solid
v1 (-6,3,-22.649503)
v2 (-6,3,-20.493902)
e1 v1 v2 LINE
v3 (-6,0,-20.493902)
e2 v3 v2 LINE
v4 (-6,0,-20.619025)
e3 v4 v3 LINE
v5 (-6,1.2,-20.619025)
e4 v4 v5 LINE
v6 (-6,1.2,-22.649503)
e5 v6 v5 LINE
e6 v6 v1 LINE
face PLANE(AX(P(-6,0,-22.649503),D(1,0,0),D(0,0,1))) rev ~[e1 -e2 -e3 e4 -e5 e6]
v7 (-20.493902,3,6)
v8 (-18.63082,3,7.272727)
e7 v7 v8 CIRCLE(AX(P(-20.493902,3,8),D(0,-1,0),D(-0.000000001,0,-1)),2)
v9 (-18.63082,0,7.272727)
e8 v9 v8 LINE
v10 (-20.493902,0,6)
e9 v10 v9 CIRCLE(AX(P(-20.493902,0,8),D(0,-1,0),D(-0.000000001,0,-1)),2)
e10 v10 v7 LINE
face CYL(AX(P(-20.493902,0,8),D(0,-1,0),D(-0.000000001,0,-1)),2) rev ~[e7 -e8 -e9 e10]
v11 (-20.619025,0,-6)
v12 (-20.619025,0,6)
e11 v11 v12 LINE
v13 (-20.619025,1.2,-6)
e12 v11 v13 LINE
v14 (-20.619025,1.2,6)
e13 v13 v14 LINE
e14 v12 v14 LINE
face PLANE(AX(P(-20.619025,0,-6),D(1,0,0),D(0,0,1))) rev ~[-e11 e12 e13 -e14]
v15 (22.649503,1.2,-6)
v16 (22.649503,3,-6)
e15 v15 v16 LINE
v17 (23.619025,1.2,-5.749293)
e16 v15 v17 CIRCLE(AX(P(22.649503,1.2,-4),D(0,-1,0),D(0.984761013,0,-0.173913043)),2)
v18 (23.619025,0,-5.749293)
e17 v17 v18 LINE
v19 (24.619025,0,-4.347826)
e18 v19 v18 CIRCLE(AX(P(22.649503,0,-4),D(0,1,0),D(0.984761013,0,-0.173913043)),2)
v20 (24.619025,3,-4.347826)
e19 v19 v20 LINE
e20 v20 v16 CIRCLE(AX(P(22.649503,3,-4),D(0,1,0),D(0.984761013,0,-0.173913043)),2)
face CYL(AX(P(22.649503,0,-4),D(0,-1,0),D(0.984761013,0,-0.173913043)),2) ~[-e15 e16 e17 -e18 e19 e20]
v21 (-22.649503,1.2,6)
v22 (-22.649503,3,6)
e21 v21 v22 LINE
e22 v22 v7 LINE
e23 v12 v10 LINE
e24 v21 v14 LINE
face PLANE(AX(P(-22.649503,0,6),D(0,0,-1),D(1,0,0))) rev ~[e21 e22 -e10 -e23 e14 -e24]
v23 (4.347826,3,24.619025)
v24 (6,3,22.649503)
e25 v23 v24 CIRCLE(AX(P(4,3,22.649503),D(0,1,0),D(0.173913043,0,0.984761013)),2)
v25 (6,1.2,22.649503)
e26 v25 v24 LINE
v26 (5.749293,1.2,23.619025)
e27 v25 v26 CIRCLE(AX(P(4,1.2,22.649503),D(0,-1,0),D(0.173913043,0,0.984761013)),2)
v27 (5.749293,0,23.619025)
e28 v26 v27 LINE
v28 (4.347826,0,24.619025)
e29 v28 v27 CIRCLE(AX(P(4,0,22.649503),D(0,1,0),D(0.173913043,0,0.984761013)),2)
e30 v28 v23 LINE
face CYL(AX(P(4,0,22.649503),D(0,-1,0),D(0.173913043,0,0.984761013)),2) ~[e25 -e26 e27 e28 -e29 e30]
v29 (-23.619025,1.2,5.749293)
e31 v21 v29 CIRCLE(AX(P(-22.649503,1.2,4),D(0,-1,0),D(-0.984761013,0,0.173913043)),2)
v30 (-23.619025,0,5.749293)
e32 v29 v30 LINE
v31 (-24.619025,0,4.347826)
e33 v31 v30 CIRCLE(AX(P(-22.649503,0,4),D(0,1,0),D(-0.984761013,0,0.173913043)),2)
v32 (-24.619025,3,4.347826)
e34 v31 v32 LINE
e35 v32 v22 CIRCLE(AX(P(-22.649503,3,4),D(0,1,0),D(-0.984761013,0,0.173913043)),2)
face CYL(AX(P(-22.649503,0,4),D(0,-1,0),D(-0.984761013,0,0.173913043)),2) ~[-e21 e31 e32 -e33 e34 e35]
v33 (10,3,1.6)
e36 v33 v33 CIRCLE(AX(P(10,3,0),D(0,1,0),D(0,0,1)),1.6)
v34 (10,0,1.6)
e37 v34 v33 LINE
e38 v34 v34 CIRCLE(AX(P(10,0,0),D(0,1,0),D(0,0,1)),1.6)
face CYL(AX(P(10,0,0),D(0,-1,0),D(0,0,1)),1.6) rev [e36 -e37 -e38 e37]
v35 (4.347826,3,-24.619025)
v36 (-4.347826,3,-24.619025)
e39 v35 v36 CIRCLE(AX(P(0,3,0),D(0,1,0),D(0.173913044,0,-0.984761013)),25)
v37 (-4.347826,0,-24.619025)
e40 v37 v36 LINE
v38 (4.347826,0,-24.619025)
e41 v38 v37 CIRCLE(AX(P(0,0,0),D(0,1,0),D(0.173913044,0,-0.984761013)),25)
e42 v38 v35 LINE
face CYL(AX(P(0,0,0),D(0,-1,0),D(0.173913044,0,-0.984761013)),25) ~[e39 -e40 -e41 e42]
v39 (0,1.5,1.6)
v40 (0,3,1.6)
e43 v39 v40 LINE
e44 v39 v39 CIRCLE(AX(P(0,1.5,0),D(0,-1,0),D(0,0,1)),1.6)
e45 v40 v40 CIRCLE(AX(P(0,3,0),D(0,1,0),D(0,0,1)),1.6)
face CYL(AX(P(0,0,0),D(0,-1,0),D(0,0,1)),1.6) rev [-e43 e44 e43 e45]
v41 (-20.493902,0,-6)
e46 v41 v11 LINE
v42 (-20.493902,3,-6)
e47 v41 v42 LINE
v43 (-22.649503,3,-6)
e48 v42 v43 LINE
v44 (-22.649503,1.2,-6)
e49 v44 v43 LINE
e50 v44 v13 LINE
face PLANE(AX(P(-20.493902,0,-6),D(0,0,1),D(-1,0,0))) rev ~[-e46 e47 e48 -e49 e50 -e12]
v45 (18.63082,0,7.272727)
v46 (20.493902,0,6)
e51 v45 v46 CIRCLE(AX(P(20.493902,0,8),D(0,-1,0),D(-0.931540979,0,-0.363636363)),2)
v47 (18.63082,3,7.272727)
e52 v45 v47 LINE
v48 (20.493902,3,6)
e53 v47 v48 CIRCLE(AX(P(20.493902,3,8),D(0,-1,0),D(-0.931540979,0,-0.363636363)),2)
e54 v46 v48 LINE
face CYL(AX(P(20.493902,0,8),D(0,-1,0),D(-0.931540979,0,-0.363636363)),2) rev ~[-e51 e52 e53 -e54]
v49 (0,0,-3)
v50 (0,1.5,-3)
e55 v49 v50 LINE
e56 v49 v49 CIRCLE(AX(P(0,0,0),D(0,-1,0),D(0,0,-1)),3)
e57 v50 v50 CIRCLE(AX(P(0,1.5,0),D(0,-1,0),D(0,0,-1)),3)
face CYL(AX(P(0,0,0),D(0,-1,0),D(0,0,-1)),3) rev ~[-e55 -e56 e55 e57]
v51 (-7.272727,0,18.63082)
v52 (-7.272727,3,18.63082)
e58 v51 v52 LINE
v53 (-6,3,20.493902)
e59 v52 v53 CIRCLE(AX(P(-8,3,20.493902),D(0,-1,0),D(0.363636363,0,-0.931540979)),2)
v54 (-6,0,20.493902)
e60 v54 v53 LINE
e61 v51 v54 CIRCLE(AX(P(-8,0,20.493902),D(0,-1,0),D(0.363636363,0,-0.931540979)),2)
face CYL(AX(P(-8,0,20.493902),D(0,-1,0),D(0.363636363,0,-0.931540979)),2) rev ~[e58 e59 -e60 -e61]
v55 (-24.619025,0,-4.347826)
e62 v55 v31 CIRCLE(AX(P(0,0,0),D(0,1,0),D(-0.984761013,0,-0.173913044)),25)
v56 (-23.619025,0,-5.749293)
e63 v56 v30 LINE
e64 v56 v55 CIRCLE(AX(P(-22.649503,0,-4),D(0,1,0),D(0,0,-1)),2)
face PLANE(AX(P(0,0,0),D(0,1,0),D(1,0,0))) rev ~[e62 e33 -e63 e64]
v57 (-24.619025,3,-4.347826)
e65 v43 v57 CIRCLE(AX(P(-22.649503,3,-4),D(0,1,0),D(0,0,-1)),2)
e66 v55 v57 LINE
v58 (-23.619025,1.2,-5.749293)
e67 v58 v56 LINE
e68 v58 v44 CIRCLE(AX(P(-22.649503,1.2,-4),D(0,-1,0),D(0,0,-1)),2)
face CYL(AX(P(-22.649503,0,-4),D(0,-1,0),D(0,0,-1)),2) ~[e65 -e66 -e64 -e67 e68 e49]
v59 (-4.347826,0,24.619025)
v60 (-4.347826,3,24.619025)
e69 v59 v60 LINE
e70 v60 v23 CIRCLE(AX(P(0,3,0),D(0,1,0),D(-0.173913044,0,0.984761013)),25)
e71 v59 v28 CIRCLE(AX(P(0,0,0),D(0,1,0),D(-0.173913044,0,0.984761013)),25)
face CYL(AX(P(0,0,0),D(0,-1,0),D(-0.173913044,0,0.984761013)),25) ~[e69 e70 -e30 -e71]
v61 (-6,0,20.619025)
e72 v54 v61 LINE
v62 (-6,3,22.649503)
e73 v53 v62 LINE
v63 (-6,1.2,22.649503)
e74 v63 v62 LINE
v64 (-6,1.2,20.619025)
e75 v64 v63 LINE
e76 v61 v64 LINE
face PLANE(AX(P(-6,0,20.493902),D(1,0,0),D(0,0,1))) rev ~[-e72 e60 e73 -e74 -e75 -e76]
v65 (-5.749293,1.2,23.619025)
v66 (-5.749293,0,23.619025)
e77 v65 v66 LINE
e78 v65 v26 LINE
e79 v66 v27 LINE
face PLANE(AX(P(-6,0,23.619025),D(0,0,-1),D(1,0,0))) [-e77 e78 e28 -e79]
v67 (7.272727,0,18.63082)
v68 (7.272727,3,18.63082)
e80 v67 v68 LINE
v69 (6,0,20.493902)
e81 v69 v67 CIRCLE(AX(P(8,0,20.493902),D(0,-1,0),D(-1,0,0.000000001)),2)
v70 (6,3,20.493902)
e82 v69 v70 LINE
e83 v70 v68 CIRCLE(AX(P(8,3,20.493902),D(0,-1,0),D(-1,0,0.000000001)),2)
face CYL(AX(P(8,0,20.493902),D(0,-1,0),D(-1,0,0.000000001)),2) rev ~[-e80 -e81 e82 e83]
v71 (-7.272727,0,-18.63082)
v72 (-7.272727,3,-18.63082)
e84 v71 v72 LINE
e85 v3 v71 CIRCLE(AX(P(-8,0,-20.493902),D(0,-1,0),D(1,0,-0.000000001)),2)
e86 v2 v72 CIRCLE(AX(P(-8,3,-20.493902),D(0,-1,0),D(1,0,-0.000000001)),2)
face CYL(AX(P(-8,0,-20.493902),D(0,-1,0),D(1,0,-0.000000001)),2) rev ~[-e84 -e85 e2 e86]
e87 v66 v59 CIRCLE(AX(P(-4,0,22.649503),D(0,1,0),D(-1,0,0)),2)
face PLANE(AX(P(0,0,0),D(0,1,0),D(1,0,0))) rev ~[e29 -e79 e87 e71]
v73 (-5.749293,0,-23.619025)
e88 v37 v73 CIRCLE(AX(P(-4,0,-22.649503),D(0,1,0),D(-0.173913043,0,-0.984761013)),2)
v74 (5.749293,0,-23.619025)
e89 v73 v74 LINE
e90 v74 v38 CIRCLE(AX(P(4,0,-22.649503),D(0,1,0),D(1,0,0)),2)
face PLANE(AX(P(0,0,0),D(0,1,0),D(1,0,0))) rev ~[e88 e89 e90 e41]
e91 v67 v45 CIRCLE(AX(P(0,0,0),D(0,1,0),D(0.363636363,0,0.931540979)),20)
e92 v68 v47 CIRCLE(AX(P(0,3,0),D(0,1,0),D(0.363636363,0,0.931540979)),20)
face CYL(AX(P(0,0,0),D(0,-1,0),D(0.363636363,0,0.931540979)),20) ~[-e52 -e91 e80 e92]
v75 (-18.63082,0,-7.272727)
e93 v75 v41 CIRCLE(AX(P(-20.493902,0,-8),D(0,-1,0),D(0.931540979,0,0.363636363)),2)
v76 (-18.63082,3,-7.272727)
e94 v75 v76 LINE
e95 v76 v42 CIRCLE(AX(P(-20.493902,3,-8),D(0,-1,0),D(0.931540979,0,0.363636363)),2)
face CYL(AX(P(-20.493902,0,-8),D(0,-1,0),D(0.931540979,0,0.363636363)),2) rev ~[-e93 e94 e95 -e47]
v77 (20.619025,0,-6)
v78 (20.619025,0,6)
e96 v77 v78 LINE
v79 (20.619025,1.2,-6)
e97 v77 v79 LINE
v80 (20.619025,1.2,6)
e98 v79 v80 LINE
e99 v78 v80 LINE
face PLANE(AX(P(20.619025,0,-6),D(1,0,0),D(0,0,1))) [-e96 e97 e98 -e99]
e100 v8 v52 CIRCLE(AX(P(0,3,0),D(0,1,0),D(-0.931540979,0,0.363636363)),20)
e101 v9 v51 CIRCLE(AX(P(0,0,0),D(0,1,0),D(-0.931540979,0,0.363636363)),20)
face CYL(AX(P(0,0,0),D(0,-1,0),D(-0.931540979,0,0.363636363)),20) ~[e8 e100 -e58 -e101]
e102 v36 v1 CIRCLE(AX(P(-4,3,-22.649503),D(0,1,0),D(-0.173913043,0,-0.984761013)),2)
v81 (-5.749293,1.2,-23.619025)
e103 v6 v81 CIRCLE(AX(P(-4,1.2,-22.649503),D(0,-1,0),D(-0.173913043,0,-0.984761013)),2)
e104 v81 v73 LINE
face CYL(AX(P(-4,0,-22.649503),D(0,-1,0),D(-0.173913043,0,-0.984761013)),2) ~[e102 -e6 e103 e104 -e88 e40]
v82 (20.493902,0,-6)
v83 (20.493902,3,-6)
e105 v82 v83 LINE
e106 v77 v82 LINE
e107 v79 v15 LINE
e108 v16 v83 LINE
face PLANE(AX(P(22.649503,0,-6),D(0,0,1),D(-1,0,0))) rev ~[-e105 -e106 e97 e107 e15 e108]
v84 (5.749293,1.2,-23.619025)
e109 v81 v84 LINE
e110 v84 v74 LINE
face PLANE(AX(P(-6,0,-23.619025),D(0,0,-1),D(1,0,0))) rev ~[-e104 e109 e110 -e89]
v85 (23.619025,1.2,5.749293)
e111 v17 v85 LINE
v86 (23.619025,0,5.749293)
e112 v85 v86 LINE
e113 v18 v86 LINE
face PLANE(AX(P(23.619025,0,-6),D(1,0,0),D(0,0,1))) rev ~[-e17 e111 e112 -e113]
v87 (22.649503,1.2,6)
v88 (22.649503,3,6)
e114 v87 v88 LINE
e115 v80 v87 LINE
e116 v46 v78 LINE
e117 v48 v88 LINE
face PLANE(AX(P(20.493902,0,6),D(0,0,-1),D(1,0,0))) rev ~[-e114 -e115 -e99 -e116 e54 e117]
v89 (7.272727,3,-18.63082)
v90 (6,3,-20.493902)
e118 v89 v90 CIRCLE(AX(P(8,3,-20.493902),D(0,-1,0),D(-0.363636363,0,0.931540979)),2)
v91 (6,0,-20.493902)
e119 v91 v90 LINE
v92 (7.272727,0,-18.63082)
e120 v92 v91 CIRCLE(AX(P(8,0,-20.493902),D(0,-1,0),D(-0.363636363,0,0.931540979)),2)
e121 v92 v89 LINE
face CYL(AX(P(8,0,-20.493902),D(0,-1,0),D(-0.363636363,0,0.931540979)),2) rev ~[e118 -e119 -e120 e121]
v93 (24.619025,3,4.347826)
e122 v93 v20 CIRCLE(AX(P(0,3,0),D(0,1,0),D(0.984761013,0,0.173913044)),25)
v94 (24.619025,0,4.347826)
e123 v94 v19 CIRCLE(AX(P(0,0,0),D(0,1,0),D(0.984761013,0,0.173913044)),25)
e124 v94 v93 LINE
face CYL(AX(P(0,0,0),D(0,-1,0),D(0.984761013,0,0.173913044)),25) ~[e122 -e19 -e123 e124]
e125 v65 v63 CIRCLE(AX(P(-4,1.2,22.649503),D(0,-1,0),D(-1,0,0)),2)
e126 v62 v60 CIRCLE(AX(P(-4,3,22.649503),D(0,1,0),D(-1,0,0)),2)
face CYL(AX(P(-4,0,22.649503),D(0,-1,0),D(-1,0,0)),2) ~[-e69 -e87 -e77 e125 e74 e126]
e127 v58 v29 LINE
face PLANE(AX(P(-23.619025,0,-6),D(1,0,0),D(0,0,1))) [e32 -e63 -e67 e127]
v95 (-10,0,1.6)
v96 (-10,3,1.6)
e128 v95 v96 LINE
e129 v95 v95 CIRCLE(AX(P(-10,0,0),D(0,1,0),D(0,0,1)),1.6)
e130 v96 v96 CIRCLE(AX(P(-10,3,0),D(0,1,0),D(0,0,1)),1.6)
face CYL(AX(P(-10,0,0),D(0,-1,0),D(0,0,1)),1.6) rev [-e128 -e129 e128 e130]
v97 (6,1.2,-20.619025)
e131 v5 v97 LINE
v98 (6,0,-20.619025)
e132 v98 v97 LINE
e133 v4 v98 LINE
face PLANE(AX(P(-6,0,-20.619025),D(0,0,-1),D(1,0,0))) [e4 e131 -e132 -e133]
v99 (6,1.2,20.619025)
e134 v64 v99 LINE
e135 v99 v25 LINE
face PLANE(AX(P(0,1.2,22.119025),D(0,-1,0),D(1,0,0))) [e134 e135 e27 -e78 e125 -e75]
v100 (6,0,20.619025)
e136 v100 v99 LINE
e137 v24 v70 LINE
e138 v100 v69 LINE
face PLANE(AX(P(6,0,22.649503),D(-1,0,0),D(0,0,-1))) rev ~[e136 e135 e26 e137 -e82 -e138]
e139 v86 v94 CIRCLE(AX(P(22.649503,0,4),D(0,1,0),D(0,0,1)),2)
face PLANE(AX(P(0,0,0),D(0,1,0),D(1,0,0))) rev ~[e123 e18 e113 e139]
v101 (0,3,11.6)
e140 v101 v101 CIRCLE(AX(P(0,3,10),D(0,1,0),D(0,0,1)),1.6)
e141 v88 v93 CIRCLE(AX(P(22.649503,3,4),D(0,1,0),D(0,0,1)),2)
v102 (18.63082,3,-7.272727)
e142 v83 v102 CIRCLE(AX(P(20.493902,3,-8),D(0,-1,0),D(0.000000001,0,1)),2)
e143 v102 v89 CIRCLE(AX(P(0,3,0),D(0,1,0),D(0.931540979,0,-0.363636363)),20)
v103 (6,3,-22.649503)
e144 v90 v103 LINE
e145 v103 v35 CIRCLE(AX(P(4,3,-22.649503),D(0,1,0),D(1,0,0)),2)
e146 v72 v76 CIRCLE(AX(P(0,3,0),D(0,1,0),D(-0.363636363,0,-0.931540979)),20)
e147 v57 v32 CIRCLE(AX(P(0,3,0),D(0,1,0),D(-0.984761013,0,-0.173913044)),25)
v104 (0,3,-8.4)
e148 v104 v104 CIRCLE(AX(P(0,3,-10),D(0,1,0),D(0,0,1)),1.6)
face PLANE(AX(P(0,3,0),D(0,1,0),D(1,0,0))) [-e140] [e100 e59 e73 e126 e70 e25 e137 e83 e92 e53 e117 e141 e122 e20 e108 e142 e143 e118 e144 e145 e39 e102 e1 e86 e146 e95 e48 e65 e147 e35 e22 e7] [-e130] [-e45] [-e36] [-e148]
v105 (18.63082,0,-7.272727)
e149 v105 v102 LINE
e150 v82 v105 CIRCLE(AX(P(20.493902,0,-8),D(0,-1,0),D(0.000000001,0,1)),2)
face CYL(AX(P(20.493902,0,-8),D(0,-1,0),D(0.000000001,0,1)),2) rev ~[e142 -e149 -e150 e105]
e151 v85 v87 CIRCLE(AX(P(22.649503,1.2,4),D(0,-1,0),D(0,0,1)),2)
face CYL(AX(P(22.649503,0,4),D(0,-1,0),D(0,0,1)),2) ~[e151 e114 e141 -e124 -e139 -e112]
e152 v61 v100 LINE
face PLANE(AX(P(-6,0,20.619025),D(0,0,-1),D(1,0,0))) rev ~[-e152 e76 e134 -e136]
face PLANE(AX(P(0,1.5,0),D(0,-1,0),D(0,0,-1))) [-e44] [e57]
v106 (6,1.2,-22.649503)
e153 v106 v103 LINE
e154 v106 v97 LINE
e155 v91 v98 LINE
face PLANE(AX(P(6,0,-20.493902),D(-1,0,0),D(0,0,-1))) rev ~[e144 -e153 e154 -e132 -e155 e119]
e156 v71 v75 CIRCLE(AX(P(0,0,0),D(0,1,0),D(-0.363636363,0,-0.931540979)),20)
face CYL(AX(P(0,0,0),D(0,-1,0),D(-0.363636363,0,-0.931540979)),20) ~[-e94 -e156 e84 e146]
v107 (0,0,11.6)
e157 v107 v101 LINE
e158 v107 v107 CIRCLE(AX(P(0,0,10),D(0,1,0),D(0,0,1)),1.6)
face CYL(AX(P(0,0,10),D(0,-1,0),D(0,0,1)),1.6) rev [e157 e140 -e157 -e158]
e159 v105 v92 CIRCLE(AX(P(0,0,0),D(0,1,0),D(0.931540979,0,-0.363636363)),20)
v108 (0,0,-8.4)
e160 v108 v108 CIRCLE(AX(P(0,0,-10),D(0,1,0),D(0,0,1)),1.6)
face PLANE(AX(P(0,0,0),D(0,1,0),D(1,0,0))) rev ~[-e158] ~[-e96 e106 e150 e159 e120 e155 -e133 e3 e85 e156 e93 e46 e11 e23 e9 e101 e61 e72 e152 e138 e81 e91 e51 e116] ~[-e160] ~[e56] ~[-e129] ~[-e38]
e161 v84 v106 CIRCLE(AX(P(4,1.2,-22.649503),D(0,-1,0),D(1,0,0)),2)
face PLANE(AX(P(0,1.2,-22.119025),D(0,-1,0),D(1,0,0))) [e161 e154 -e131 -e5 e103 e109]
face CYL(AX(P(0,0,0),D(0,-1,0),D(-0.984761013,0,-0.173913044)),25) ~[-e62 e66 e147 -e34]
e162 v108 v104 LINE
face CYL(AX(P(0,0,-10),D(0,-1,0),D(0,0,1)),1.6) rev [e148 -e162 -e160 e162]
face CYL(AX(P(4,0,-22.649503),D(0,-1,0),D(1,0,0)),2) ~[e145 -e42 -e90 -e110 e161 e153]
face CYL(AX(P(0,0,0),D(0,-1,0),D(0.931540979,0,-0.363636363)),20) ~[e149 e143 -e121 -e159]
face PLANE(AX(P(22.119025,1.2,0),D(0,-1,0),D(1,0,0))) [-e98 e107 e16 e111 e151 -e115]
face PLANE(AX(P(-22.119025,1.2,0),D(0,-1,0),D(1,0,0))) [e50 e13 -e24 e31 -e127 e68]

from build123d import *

# Parameters (mm, degrees)
SKIZZE1_R                       = 19
SKIZZE1_R_2                     = 1.6
AUFSATZ_LINEAR_AUSTRAGEN1_DEPTH = 3
SKIZZE6_R                       = 3
SCHNITT_LINEAR_AUSTRAGEN2_DEPTH = 1.5
SKIZZE7_W                       = 3
SKIZZE7_H                       = 12
SKIZZE7_W_2                     = 12
SKIZZE7_H_2                     = 3
SCHNITT_LINEAR_AUSTRAGEN3_DEPTH = 1.2


with BuildPart() as part:
    # Skizze1 → Aufsatz-Linear austragen1 (new body)
    with BuildSketch(Plane(origin=(0, 0, 0), x_dir=(1, 0, 0), z_dir=(0, 1, 0))):
        with BuildLine():
            ThreePointArc((6, -20.493901532), (6.348554352, -19.365749382), (7.272727273, -18.630819574))
            ThreePointArc((7.272727273, -18.630819574), (14.142135624, -14.142135624), (18.630819574, -7.272727273))
            ThreePointArc((18.630819574, -7.272727273), (19.365749382, -6.348554352), (20.493901532, -6))
            Line((20.493901532, -6), (22.649503306, -6))
            ThreePointArc((22.649503306, -6), (23.93487248, -5.532261755), (24.619025332, -4.347826087))
            ThreePointArc((24.619025332, -4.347826087), (25, 0), (24.619025332, 4.347826087))
            ThreePointArc((24.619025332, 4.347826087), (23.93487248, 5.532261755), (22.649503306, 6))
            Line((22.649503306, 6), (20.493901532, 6))
            ThreePointArc((20.493901532, 6), (19.365749382, 6.348554352), (18.630819574, 7.272727273))
            ThreePointArc((18.630819574, 7.272727273), (14.142135624, 14.142135624), (7.272727273, 18.630819574))
            ThreePointArc((7.272727273, 18.630819574), (6.348554352, 19.365749382), (6, 20.493901532))
            Line((6, 20.493901532), (6, 22.649503306))
            ThreePointArc((6, 22.649503306), (5.532261755, 23.93487248), (4.347826087, 24.619025332))
            ThreePointArc((4.347826087, 24.619025332), (0, 25), (-4.347826087, 24.619025332))
            ThreePointArc((-4.347826087, 24.619025332), (-5.532261755, 23.93487248), (-6, 22.649503306))
            Line((-6, 22.649503306), (-6, 20.493901532))
            ThreePointArc((-6, 20.493901532), (-6.348554352, 19.365749382), (-7.272727273, 18.630819574))
            ThreePointArc((-7.272727273, 18.630819574), (-14.142135624, 14.142135624), (-18.630819574, 7.272727273))
            ThreePointArc((-18.630819574, 7.272727273), (-19.365749382, 6.348554352), (-20.493901532, 6))
            Line((-20.493901532, 6), (-22.649503306, 6))
            ThreePointArc((-22.649503306, 6), (-23.93487248, 5.532261755), (-24.619025332, 4.347826087))
            ThreePointArc((-24.619025332, 4.347826087), (-25, 0), (-24.619025332, -4.347826087))
            ThreePointArc((-24.619025332, -4.347826087), (-23.93487248, -5.532261755), (-22.649503306, -6))
            Line((-22.649503306, -6), (-20.493901532, -6))
            ThreePointArc((-20.493901532, -6), (-19.365749382, -6.348554352), (-18.630819574, -7.272727273))
            ThreePointArc((-18.630819574, -7.272727273), (-14.142135624, -14.142135624), (-7.272727273, -18.630819574))
            ThreePointArc((-7.272727273, -18.630819574), (-6.348554352, -19.365749382), (-6, -20.493901532))
            Line((-6, -20.493901532), (-6, -22.649503306))
            ThreePointArc((-6, -22.649503306), (-5.532261755, -23.93487248), (-4.347826087, -24.619025332))
            ThreePointArc((-4.347826087, -24.619025332), (0, -25), (4.347826087, -24.619025332))
            ThreePointArc((4.347826087, -24.619025332), (5.532261755, -23.93487248), (6, -22.649503306))
            Line((6, -22.649503306), (6, -20.493901532))
        make_face()
        Circle(SKIZZE1_R, mode=Mode.SUBTRACT)
        Circle(SKIZZE1_R)
        with Locations(Location((0, -10, 0), (0, 0, 270))):
            Circle(SKIZZE1_R_2, mode=Mode.SUBTRACT)
        with Locations(Location((-10, 0, 0), (0, 0, 270))):
            Circle(SKIZZE1_R_2, mode=Mode.SUBTRACT)
        with Locations(Location((10, 0, 0), (0, 0, 270))):
            Circle(SKIZZE1_R_2, mode=Mode.SUBTRACT)
        with Locations(Location((0, 10, 0), (0, 0, 270))):
            Circle(SKIZZE1_R_2, mode=Mode.SUBTRACT)
        with Locations(Location((0, 0, 0), (0, 0, 270))):
            Circle(SKIZZE1_R_2, mode=Mode.SUBTRACT)
    extrude(amount=AUFSATZ_LINEAR_AUSTRAGEN1_DEPTH)

    # Skizze6 → Schnitt-Linear austragen2 (cut)
    with BuildSketch(Plane.XZ):
        with Locations(Location((0, 0, 0), (0, 0, 270))):
            Circle(SKIZZE6_R)
    extrude(amount=-SCHNITT_LINEAR_AUSTRAGEN2_DEPTH, mode=Mode.SUBTRACT)

    # Skizze7 → Schnitt-Linear austragen3 (cut)
    with BuildSketch(Plane.XZ):
        with Locations((-22.119025332, 0)):
            Rectangle(SKIZZE7_W, SKIZZE7_H)
        with Locations((0, 22.119025332)):
            Rectangle(SKIZZE7_W_2, SKIZZE7_H_2)
        with Locations((22.119025332, 0)):
            Rectangle(SKIZZE7_W, SKIZZE7_H)
        with Locations((0, -22.119025332)):
            Rectangle(SKIZZE7_W_2, SKIZZE7_H_2)
    extrude(amount=-SCHNITT_LINEAR_AUSTRAGEN3_DEPTH, mode=Mode.SUBTRACT)


solid = part.part
